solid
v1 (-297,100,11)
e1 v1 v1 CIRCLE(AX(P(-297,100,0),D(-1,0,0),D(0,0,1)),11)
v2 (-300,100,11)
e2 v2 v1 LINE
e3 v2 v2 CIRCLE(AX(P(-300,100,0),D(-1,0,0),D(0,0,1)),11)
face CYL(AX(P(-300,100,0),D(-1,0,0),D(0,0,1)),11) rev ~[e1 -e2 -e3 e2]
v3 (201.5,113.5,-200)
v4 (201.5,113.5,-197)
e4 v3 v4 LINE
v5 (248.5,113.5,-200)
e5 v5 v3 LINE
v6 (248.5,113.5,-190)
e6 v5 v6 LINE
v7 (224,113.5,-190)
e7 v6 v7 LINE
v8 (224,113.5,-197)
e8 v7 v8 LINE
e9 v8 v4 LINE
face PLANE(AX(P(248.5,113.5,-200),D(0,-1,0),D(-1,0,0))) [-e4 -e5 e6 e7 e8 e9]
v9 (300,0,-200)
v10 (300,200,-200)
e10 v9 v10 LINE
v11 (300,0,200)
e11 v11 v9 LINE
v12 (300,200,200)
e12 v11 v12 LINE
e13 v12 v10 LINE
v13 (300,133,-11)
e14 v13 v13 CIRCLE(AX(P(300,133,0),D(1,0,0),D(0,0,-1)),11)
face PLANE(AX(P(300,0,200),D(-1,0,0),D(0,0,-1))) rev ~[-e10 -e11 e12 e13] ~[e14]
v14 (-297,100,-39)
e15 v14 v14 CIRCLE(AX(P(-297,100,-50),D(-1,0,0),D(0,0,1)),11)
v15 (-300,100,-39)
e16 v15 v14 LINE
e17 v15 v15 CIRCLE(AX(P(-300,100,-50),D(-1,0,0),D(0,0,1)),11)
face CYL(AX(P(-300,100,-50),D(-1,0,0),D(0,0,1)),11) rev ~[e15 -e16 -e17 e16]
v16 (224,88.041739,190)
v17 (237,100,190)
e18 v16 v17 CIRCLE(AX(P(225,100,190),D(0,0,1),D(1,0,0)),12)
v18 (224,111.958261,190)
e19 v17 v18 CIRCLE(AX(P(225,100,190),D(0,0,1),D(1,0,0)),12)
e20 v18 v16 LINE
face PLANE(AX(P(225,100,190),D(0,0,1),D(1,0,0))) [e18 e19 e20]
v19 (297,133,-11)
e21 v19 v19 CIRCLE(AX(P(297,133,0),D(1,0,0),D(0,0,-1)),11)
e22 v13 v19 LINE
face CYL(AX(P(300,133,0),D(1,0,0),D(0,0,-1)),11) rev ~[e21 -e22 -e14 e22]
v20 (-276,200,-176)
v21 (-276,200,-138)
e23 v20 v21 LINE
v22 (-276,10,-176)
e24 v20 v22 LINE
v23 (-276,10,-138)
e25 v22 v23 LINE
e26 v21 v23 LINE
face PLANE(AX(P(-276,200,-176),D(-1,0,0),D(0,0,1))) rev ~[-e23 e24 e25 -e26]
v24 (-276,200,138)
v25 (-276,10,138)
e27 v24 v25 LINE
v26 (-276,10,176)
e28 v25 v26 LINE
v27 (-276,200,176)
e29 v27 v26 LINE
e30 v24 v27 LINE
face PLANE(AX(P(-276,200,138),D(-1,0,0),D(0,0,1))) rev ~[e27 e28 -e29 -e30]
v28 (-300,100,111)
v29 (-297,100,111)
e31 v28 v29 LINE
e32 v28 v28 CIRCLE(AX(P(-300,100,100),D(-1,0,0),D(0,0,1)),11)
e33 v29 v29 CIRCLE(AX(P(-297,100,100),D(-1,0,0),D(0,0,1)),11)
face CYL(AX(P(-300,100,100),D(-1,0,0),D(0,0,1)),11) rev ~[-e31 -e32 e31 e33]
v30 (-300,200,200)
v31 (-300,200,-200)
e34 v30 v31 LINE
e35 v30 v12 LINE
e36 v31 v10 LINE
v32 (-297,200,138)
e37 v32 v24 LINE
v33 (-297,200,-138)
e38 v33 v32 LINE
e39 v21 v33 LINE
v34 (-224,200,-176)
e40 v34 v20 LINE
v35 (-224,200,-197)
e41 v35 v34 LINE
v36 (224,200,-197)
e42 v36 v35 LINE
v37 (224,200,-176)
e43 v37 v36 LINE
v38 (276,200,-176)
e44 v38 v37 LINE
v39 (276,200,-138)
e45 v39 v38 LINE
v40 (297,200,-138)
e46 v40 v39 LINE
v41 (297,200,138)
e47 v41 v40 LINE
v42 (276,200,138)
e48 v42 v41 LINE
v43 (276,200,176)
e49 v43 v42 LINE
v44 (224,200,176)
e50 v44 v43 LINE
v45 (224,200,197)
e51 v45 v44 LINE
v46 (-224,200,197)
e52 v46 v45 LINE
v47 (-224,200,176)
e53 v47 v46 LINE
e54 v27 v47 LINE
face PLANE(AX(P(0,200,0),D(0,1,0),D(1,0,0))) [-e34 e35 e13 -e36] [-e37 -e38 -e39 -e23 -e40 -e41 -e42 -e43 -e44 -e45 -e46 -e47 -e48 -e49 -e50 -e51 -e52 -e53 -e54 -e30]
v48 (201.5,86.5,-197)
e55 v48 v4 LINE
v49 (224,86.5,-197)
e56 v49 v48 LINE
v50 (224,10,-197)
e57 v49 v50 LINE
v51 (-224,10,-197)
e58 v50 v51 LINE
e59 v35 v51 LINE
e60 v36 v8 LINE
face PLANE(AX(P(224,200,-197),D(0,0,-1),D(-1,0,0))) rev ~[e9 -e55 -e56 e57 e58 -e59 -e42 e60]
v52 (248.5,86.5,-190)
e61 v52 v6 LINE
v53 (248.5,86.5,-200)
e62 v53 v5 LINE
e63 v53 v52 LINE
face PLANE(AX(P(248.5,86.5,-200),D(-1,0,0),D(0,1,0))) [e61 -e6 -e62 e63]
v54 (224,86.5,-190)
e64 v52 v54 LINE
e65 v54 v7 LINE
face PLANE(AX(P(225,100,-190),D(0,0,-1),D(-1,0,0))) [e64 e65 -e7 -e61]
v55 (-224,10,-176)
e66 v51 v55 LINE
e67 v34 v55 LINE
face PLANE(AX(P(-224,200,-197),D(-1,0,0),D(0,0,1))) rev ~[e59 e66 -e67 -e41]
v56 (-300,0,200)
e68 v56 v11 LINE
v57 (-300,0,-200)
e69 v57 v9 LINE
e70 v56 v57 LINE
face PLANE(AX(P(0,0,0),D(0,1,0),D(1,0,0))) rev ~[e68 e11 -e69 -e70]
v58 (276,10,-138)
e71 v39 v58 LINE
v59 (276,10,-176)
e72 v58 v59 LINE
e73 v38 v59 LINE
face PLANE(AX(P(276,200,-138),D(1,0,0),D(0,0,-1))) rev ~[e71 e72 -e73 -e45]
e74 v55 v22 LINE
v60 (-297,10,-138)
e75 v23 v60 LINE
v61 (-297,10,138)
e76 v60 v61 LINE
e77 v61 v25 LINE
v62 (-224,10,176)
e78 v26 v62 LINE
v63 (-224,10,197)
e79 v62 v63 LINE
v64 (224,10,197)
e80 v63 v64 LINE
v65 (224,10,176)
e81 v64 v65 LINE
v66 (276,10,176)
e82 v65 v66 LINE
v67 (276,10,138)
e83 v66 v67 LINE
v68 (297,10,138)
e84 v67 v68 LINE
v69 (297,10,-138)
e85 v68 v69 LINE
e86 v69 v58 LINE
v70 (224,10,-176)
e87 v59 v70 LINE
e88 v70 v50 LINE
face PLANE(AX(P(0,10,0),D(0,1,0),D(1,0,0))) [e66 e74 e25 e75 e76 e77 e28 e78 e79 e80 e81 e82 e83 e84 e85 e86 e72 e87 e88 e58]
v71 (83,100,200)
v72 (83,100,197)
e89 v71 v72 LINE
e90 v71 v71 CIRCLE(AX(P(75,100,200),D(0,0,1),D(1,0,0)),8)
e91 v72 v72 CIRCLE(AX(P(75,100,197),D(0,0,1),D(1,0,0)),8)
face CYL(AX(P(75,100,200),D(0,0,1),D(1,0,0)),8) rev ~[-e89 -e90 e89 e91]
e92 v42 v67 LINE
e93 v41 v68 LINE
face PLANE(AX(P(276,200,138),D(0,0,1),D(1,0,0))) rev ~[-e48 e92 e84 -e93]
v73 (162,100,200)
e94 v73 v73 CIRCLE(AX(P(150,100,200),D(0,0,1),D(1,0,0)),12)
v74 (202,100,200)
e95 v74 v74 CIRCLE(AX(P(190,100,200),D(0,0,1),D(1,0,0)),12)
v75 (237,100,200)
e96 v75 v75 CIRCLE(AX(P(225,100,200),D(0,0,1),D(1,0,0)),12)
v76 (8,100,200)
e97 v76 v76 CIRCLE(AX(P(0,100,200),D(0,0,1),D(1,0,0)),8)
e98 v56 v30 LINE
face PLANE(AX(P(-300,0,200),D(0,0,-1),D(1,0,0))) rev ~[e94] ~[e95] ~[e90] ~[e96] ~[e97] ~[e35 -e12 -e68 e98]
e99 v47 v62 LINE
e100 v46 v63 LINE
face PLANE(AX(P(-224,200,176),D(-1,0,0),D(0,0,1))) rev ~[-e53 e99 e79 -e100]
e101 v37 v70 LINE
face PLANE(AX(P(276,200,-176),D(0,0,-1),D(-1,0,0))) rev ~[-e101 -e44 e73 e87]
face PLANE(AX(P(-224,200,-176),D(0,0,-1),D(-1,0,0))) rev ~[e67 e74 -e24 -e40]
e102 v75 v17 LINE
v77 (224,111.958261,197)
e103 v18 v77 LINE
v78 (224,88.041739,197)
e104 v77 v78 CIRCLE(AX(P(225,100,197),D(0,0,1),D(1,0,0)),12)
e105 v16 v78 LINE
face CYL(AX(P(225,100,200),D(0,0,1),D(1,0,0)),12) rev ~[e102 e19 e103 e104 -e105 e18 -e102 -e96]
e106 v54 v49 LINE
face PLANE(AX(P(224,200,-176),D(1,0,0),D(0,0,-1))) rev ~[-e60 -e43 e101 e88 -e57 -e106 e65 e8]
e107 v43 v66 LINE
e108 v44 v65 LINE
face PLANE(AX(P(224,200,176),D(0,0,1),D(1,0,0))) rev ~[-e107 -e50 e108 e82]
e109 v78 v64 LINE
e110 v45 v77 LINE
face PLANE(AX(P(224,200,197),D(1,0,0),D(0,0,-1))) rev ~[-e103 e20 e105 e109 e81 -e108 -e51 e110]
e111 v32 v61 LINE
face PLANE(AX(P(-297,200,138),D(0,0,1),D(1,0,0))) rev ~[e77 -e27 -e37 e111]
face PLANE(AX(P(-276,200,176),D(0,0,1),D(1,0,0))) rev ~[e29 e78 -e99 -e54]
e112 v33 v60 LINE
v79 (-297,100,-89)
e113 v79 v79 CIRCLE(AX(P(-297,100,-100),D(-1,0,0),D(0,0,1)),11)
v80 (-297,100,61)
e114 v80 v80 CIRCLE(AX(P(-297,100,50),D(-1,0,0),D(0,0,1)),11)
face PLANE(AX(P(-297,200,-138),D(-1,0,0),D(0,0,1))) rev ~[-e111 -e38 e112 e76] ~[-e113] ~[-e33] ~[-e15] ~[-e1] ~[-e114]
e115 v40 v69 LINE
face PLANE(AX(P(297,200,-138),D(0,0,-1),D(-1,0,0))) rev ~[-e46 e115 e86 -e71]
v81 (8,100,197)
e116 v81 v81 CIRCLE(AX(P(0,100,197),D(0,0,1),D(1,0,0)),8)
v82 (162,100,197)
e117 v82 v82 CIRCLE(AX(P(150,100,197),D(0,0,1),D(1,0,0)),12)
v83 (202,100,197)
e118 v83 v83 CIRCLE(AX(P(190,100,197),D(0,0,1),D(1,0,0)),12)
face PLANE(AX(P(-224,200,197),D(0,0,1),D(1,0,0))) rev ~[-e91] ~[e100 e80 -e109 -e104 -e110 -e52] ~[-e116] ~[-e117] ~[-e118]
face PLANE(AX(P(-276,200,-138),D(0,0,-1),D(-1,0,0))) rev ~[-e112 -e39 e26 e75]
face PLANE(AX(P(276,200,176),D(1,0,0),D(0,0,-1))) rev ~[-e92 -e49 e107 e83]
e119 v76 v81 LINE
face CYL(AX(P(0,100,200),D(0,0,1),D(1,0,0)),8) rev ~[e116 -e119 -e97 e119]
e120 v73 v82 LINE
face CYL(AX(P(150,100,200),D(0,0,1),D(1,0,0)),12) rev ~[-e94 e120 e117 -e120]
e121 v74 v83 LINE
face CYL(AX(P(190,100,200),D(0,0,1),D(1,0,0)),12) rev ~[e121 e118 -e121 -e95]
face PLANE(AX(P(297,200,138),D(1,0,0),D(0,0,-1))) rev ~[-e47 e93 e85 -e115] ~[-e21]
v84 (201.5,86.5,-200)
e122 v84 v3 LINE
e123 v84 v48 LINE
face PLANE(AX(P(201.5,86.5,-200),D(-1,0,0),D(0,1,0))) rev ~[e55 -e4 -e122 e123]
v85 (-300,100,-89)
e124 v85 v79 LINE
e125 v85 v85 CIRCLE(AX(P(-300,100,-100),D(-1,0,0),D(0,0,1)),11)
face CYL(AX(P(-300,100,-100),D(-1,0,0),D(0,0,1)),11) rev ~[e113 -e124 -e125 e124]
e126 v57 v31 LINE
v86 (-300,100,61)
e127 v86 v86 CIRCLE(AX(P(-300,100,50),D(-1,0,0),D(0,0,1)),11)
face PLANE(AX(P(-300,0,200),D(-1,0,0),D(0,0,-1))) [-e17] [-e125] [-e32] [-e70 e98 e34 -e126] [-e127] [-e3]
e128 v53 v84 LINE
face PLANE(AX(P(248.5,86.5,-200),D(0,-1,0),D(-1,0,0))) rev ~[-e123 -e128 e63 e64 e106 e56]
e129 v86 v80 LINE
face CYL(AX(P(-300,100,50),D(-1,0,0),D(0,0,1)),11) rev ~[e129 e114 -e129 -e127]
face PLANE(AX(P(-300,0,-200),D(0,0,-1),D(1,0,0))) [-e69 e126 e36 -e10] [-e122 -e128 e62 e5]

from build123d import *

# Parameters (mm, degrees)
SKETCH1_W           = 600
SKETCH1_H           = 400
BOSS_EXTRUDE1_DEPTH = 200
CUT_EXTRUDE1_DEPTH  = 190
SKETCH3_R           = 11
CUT_EXTRUDE2_DEPTH  = 10
SKETCH4_R           = 12
SKETCH4_R_2         = 8
CUT_EXTRUDE3_DEPTH  = 10
SKETCH5_W           = 47
SKETCH5_H           = 27
CUT_EXTRUDE4_DEPTH  = 10
SKETCH6_R           = 11
CUT_EXTRUDE5_DEPTH  = 10


with BuildPart() as part:
    # Sketch1 → Boss-Extrude1 (new body)
    with BuildSketch(Plane(origin=(0, 0, 0), x_dir=(1, 0, 0), z_dir=(0, 1, 0))):
        Rectangle(SKETCH1_W, SKETCH1_H)
    extrude(amount=BOSS_EXTRUDE1_DEPTH)

    # Sketch2 → Cut-Extrude1 (cut)
    with BuildSketch(Plane(origin=(0, 200, 0), x_dir=(1, 0, 0), z_dir=(0, 1, 0))):
        Polygon((-224, -197), (224, -197), (224, -176), (276, -176), (276, -138), (297, -138), (297, 138), (276, 138), (276, 176), (224, 176), (224, 197), (-224, 197), (-224, 176), (-276, 176), (-276, 138), (-297, 138), (-297, -138), (-276, -138), (-276, -176), (-224, -176), align=None)
    extrude(amount=-CUT_EXTRUDE1_DEPTH, mode=Mode.SUBTRACT)

    # Sketch3 → Cut-Extrude2 (cut)
    with BuildSketch(Plane.ZY.offset(300)):
        with Locations((-100, 100)):
            Circle(SKETCH3_R)
        with Locations((-50, 100)):
            Circle(SKETCH3_R)
        with Locations((50, 100)):
            Circle(SKETCH3_R)
        with Locations((100, 100)):
            Circle(SKETCH3_R)
        with Locations((0, 100)):
            Circle(SKETCH3_R)
    extrude(amount=-CUT_EXTRUDE2_DEPTH, mode=Mode.SUBTRACT)

    # Sketch4 → Cut-Extrude3 (cut)
    with BuildSketch(Plane.XY.offset(200)):
        with Locations((150, 100)):
            Circle(SKETCH4_R)
        with Locations((75, 100)):
            Circle(SKETCH4_R_2)
        with Locations((225, 100)):
            Circle(SKETCH4_R)
        with Locations((0, 100)):
            Circle(SKETCH4_R_2)
        with Locations((190, 100)):
            Circle(SKETCH4_R)
    extrude(amount=-CUT_EXTRUDE3_DEPTH, mode=Mode.SUBTRACT)

    # Sketch5 → Cut-Extrude4 (cut)
    with BuildSketch(Plane(origin=(0, 0, -200), x_dir=(-1, 0, 0), z_dir=(0, 0, -1))):
        with Locations((-225, 100)):
            Rectangle(SKETCH5_W, SKETCH5_H)
    extrude(amount=-CUT_EXTRUDE4_DEPTH, mode=Mode.SUBTRACT)

    # Sketch6 → Cut-Extrude5 (cut)
    with BuildSketch(Plane(origin=(300, 0, 0), x_dir=(0, 0, -1), z_dir=(1, 0, 0))):
        with Locations((0, 133)):
            Circle(SKETCH6_R)
    extrude(amount=-CUT_EXTRUDE5_DEPTH, mode=Mode.SUBTRACT)


solid = part.part
